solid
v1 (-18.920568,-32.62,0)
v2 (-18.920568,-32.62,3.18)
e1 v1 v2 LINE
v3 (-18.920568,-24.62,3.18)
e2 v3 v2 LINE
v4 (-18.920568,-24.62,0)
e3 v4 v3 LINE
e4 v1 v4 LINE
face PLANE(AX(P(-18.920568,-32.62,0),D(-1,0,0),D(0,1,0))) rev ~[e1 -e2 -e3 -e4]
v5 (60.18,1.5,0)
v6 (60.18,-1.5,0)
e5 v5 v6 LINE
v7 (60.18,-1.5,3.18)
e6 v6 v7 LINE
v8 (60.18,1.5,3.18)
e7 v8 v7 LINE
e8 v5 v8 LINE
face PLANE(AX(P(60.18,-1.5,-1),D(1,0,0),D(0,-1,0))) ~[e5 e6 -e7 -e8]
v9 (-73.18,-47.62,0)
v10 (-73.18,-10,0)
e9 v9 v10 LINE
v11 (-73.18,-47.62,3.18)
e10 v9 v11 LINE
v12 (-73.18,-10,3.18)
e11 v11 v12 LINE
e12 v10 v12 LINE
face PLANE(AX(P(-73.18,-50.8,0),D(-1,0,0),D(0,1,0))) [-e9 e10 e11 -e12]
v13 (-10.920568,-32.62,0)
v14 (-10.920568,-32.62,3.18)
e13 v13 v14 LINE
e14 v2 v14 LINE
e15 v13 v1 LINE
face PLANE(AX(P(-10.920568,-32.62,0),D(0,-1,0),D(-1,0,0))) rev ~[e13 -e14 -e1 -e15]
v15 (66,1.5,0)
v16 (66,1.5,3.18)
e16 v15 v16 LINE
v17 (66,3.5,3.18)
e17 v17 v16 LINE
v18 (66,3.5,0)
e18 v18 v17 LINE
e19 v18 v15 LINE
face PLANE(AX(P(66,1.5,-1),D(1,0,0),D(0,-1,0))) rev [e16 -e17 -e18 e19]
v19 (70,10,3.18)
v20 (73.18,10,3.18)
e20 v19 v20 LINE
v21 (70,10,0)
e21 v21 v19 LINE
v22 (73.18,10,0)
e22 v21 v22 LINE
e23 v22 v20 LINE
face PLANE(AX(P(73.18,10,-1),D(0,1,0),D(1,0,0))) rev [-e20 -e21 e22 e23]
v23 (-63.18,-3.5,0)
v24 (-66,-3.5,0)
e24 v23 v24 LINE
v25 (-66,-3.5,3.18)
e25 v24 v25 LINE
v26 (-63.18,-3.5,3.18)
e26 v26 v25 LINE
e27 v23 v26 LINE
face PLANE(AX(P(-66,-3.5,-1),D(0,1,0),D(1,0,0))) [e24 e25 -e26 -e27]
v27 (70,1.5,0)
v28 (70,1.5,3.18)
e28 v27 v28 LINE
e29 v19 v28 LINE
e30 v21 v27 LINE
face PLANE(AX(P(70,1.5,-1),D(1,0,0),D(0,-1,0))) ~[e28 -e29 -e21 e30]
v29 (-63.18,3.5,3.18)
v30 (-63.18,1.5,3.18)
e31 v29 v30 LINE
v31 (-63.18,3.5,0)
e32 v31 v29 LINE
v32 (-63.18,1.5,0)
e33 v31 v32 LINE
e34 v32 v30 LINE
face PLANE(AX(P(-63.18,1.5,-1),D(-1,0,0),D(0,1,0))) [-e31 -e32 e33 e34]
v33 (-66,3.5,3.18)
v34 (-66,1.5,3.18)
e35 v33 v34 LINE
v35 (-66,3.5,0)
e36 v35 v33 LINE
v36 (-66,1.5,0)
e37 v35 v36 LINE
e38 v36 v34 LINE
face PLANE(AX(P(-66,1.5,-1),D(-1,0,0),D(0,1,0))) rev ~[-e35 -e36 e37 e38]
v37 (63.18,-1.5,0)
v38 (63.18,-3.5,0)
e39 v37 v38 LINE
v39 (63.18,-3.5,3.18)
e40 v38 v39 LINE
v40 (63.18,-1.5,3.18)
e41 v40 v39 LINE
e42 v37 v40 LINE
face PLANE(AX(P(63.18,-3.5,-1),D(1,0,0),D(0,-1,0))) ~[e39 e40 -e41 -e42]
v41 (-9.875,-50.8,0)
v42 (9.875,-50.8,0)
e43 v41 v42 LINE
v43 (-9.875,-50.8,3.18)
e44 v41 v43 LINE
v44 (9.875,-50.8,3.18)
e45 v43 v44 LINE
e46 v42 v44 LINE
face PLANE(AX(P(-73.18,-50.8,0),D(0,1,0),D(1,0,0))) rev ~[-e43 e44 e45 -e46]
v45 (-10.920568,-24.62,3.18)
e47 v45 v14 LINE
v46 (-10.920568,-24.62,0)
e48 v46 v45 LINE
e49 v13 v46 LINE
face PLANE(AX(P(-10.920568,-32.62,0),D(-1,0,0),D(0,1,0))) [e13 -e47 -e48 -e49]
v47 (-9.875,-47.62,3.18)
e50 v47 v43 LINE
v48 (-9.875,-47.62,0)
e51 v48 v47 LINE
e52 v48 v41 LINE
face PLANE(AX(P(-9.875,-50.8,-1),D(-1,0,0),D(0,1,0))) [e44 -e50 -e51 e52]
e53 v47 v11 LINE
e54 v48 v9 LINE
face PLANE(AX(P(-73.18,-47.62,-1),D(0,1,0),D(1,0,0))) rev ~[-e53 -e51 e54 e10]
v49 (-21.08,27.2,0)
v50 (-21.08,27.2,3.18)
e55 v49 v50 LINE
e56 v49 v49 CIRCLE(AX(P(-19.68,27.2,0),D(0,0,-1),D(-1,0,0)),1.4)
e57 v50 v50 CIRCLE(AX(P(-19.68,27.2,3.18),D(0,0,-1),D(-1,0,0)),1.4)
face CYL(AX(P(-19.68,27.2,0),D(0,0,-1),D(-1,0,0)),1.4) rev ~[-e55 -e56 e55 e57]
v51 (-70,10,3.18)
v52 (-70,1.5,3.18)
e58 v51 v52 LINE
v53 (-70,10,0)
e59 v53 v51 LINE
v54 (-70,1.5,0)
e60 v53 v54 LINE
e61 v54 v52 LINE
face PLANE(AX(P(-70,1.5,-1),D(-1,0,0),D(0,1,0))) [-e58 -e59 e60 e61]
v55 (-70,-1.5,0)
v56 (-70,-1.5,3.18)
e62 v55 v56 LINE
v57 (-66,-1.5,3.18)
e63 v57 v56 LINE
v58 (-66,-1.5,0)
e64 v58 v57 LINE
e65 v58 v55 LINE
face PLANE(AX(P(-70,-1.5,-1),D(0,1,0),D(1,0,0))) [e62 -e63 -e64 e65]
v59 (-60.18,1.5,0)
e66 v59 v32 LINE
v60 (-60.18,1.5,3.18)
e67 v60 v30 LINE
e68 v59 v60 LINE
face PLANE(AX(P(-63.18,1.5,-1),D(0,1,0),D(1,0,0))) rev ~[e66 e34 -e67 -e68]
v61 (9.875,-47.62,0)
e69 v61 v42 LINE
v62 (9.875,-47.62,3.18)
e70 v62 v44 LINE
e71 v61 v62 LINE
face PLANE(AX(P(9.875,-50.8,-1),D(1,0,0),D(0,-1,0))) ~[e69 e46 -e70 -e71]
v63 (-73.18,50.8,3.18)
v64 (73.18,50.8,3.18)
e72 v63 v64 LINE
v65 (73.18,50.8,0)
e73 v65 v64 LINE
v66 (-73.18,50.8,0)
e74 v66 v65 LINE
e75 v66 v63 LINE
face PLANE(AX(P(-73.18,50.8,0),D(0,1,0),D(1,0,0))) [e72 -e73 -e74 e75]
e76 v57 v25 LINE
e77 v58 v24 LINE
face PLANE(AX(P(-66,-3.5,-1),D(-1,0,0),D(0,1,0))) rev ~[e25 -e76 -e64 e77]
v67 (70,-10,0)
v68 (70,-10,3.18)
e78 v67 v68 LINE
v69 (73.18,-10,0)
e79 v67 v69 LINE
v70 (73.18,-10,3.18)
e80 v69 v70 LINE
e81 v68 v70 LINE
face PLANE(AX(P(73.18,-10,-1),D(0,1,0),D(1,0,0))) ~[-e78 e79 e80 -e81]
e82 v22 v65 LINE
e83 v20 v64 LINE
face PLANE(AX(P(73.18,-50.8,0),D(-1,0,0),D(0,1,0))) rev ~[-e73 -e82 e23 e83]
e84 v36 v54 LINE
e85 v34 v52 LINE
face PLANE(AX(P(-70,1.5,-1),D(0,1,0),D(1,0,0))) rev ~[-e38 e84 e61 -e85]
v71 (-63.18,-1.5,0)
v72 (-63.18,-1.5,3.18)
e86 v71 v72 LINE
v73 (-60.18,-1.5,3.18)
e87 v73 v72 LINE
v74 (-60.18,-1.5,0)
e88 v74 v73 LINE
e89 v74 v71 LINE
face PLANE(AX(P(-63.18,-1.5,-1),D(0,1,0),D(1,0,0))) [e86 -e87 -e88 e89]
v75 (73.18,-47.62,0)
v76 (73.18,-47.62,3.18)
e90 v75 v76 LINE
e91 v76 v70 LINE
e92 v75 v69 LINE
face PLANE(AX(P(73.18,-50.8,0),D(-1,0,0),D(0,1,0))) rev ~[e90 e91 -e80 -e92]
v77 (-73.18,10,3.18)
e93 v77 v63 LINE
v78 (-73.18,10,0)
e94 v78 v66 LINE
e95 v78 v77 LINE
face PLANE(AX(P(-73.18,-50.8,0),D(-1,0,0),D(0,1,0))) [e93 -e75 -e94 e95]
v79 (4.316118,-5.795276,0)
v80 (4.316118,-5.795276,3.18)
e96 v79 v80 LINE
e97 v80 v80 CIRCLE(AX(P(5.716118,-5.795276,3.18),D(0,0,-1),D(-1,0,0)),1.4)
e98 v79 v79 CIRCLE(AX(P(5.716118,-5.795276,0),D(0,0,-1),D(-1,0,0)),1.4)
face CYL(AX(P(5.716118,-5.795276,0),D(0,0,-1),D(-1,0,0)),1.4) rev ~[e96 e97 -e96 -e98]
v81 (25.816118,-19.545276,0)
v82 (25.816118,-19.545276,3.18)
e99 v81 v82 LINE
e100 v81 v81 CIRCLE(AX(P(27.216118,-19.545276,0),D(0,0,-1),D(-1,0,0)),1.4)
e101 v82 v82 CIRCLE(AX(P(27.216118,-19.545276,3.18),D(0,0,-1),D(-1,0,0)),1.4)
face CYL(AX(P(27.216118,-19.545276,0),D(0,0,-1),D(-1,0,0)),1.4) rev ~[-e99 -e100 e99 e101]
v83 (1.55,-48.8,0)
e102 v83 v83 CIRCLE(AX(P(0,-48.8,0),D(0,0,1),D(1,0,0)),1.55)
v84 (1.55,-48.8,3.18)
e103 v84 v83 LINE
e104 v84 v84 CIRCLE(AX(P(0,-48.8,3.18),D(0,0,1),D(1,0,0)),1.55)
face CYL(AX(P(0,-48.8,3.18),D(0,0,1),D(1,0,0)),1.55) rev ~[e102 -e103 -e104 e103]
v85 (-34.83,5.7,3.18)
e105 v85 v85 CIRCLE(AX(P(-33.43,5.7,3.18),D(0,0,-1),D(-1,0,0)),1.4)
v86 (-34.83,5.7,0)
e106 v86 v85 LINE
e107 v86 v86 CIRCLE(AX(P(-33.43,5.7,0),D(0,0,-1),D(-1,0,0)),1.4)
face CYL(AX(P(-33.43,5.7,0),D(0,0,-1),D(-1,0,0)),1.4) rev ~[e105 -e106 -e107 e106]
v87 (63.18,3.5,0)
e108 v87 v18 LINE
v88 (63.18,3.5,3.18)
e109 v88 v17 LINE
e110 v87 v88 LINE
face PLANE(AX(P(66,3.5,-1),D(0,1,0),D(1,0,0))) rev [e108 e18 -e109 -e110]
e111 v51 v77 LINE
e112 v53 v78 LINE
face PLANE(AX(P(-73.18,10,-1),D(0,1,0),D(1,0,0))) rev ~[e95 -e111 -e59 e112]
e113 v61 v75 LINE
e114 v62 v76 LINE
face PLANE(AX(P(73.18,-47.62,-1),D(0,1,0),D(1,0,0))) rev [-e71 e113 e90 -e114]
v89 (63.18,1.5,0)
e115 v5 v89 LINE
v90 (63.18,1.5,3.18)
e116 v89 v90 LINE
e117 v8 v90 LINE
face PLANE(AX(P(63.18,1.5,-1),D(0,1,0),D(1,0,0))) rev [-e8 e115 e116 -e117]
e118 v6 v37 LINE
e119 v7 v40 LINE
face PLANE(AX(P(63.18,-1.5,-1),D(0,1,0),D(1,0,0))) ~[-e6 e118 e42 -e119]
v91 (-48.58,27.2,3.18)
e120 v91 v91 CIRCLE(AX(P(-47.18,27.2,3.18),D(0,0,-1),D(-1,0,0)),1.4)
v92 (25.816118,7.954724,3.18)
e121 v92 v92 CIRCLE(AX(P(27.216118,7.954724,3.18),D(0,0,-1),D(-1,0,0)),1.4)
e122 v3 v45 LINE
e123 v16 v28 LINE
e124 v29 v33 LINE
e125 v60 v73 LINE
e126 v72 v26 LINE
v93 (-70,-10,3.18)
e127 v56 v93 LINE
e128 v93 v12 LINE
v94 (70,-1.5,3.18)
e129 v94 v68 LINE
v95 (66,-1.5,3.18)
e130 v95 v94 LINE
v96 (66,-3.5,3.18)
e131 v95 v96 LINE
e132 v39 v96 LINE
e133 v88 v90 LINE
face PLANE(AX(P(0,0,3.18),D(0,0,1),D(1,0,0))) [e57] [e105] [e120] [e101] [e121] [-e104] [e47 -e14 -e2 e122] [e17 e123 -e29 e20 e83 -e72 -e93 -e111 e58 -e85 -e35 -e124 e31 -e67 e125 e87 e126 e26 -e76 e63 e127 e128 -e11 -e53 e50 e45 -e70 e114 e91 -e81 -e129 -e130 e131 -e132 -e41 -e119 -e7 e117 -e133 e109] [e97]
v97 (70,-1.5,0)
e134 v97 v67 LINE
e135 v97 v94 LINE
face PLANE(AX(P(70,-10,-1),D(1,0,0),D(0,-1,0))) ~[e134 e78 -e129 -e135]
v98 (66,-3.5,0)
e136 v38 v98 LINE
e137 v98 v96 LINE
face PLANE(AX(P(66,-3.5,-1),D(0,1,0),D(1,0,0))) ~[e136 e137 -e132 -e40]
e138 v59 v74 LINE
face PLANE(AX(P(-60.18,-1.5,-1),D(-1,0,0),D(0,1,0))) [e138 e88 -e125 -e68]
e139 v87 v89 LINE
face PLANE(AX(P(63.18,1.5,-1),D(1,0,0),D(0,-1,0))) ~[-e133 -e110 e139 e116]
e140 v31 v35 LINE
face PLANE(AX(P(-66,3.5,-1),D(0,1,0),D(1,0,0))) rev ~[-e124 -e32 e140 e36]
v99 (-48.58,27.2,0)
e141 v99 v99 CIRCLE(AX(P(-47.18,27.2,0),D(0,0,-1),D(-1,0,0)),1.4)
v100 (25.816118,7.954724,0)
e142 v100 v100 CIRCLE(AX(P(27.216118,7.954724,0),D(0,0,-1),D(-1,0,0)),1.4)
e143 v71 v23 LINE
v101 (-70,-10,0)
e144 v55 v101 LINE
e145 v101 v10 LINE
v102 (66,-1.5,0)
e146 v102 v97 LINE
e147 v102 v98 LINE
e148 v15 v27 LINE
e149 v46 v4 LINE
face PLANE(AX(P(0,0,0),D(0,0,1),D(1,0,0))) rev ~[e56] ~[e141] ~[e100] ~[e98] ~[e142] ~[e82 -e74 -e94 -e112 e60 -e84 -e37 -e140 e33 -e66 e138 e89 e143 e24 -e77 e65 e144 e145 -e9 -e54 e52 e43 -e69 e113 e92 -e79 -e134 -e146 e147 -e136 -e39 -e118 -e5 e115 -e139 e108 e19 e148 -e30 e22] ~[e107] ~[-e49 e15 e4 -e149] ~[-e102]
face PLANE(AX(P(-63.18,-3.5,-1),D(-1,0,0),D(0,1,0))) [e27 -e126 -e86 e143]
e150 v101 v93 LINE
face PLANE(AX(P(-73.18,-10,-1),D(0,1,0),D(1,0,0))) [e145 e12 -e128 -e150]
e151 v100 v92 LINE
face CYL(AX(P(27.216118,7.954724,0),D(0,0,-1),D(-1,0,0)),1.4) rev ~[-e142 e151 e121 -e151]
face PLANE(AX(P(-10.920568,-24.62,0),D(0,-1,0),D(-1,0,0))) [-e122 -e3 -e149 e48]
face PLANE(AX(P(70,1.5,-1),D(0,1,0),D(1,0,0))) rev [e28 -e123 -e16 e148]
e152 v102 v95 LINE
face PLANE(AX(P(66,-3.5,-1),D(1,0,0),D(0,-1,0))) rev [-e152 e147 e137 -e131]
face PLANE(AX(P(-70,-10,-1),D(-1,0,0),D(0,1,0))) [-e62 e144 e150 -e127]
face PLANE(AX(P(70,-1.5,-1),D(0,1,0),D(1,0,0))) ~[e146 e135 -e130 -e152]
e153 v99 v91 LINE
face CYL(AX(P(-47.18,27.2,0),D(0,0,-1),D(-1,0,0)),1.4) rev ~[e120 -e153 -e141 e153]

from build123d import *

# Parameters (mm, degrees)
SKETCH1_W               = 146.36
SKETCH1_H               = 101.6
BOSS_EXTRUDE1_DEPTH     = 3.18
CUT_EXTRUDE1_START      = -4.18
SKETCH2_W               = 3.18
SKETCH2_H               = 20
SKETCH2_W_2             = 13
SKETCH2_H_2             = 3
SKETCH2_W_3             = 2.82
SKETCH2_H_3             = 7
CUT_EXTRUDE1_DEPTH      = 5.18
CUT_EXTRUDE2_START      = -4.18
SKETCH3_W               = 63.305
SKETCH3_H               = 3.18
CUT_EXTRUDE2_DEPTH      = 5.18
SKETCH4_R               = 1.55
CUT_EXTRUDE3_DEPTH      = 1
CUT_EXTRUDE3_DEPTH_BACK = 4.18
SKETCH9_W               = 8
SKETCH9_H               = 8
CUT_EXTRUDE7_DEPTH      = 1
CUT_EXTRUDE7_DEPTH_BACK = 4.18
SKETCH8_R               = 1.4
CUT_EXTRUDE8_DEPTH      = 1
CUT_EXTRUDE8_DEPTH_BACK = 4.18
SKETCH12_R              = 1.4
CUT_EXTRUDE9_DEPTH      = 1
CUT_EXTRUDE9_DEPTH_BACK = 4.18


with BuildPart() as part:
    # Sketch1 → Boss-Extrude1 (new body)
    with BuildSketch(Plane.XY):
        Rectangle(SKETCH1_W, SKETCH1_H)
    extrude(amount=BOSS_EXTRUDE1_DEPTH)

    # Sketch2 → Cut-Extrude1 (cut)
    with BuildSketch(Plane.XY.offset(3.18).offset(CUT_EXTRUDE1_START)):
        with Locations((-71.59, 0)):
            Rectangle(SKETCH2_W, SKETCH2_H)
        with Locations((-66.68, 0)):
            Rectangle(SKETCH2_W_2, SKETCH2_H_2)
        with Locations((-64.59, 0)):
            Rectangle(SKETCH2_W_3, SKETCH2_H_3)
    cut_extrude1 = extrude(amount=CUT_EXTRUDE1_DEPTH, mode=Mode.SUBTRACT)

    # Mirror1: Cut-Extrude1 across plane
    add(cut_extrude1.mirror(Plane(origin=(0, 0, 0), x_dir=(0, 0, 1), z_dir=(1, 0, 0))), mode=Mode.SUBTRACT)

    # Sketch3 → Cut-Extrude2 (cut)
    with BuildSketch(Plane.XY.offset(3.18).offset(CUT_EXTRUDE2_START)):
        with Locations((-41.5275, -49.21)):
            Rectangle(SKETCH3_W, SKETCH3_H)
    cut_extrude2 = extrude(amount=CUT_EXTRUDE2_DEPTH, mode=Mode.SUBTRACT)

    # Mirror2: Cut-Extrude2 across plane
    add(cut_extrude2.mirror(Plane(origin=(0, 0, 0), x_dir=(0, 0, 1), z_dir=(1, 0, 0))), mode=Mode.SUBTRACT)

    # Sketch4 → Cut-Extrude3 (cut, two sides)
    with BuildSketch(Plane.XY.offset(3.18)) as cut_extrude3_sk:
        with Locations((0, -48.8)):
            Circle(SKETCH4_R)
    extrude(amount=CUT_EXTRUDE3_DEPTH, mode=Mode.SUBTRACT)
    extrude(cut_extrude3_sk.sketch, amount=-CUT_EXTRUDE3_DEPTH_BACK, mode=Mode.SUBTRACT)

    # Sketch9 → Cut-Extrude7 (cut, two sides)
    with BuildSketch(Plane(origin=(0, 0, 0), x_dir=(-1, 0, 0), z_dir=(0, 0, -1))) as cut_extrude7_sk:
        with Locations((14.920568418, -28.62)):
            Rectangle(SKETCH9_W, SKETCH9_H)
    extrude(amount=CUT_EXTRUDE7_DEPTH, mode=Mode.SUBTRACT)
    extrude(cut_extrude7_sk.sketch, amount=-CUT_EXTRUDE7_DEPTH_BACK, mode=Mode.SUBTRACT)

    # Sketch8 → Cut-Extrude8 (cut, two sides)
    with BuildSketch(Plane(origin=(0, 0, 0), x_dir=(-1, 0, 0), z_dir=(0, 0, -1))) as cut_extrude8_sk:
        with Locations((-5.716117592, -5.795275692)):
            Circle(SKETCH8_R)
        with Locations((-27.216117592, 7.954724308)):
            Circle(SKETCH8_R)
        with Locations((-27.216117592, -19.545275692)):
            Circle(SKETCH8_R)
    extrude(amount=CUT_EXTRUDE8_DEPTH, mode=Mode.SUBTRACT)
    extrude(cut_extrude8_sk.sketch, amount=-CUT_EXTRUDE8_DEPTH_BACK, mode=Mode.SUBTRACT)

    # Sketch12 → Cut-Extrude9 (cut, two sides)
    with BuildSketch(Plane(origin=(0, 0, 0), x_dir=(-1, 0, 0), z_dir=(0, 0, -1))) as cut_extrude9_sk:
        with Locations((19.68, 27.2)):
            Circle(SKETCH12_R)
        with Locations((33.43, 5.7)):
            Circle(SKETCH12_R)
        with Locations((47.18, 27.2)):
            Circle(SKETCH12_R)
    extrude(amount=CUT_EXTRUDE9_DEPTH, mode=Mode.SUBTRACT)
    extrude(cut_extrude9_sk.sketch, amount=-CUT_EXTRUDE9_DEPTH_BACK, mode=Mode.SUBTRACT)


solid = part.part
